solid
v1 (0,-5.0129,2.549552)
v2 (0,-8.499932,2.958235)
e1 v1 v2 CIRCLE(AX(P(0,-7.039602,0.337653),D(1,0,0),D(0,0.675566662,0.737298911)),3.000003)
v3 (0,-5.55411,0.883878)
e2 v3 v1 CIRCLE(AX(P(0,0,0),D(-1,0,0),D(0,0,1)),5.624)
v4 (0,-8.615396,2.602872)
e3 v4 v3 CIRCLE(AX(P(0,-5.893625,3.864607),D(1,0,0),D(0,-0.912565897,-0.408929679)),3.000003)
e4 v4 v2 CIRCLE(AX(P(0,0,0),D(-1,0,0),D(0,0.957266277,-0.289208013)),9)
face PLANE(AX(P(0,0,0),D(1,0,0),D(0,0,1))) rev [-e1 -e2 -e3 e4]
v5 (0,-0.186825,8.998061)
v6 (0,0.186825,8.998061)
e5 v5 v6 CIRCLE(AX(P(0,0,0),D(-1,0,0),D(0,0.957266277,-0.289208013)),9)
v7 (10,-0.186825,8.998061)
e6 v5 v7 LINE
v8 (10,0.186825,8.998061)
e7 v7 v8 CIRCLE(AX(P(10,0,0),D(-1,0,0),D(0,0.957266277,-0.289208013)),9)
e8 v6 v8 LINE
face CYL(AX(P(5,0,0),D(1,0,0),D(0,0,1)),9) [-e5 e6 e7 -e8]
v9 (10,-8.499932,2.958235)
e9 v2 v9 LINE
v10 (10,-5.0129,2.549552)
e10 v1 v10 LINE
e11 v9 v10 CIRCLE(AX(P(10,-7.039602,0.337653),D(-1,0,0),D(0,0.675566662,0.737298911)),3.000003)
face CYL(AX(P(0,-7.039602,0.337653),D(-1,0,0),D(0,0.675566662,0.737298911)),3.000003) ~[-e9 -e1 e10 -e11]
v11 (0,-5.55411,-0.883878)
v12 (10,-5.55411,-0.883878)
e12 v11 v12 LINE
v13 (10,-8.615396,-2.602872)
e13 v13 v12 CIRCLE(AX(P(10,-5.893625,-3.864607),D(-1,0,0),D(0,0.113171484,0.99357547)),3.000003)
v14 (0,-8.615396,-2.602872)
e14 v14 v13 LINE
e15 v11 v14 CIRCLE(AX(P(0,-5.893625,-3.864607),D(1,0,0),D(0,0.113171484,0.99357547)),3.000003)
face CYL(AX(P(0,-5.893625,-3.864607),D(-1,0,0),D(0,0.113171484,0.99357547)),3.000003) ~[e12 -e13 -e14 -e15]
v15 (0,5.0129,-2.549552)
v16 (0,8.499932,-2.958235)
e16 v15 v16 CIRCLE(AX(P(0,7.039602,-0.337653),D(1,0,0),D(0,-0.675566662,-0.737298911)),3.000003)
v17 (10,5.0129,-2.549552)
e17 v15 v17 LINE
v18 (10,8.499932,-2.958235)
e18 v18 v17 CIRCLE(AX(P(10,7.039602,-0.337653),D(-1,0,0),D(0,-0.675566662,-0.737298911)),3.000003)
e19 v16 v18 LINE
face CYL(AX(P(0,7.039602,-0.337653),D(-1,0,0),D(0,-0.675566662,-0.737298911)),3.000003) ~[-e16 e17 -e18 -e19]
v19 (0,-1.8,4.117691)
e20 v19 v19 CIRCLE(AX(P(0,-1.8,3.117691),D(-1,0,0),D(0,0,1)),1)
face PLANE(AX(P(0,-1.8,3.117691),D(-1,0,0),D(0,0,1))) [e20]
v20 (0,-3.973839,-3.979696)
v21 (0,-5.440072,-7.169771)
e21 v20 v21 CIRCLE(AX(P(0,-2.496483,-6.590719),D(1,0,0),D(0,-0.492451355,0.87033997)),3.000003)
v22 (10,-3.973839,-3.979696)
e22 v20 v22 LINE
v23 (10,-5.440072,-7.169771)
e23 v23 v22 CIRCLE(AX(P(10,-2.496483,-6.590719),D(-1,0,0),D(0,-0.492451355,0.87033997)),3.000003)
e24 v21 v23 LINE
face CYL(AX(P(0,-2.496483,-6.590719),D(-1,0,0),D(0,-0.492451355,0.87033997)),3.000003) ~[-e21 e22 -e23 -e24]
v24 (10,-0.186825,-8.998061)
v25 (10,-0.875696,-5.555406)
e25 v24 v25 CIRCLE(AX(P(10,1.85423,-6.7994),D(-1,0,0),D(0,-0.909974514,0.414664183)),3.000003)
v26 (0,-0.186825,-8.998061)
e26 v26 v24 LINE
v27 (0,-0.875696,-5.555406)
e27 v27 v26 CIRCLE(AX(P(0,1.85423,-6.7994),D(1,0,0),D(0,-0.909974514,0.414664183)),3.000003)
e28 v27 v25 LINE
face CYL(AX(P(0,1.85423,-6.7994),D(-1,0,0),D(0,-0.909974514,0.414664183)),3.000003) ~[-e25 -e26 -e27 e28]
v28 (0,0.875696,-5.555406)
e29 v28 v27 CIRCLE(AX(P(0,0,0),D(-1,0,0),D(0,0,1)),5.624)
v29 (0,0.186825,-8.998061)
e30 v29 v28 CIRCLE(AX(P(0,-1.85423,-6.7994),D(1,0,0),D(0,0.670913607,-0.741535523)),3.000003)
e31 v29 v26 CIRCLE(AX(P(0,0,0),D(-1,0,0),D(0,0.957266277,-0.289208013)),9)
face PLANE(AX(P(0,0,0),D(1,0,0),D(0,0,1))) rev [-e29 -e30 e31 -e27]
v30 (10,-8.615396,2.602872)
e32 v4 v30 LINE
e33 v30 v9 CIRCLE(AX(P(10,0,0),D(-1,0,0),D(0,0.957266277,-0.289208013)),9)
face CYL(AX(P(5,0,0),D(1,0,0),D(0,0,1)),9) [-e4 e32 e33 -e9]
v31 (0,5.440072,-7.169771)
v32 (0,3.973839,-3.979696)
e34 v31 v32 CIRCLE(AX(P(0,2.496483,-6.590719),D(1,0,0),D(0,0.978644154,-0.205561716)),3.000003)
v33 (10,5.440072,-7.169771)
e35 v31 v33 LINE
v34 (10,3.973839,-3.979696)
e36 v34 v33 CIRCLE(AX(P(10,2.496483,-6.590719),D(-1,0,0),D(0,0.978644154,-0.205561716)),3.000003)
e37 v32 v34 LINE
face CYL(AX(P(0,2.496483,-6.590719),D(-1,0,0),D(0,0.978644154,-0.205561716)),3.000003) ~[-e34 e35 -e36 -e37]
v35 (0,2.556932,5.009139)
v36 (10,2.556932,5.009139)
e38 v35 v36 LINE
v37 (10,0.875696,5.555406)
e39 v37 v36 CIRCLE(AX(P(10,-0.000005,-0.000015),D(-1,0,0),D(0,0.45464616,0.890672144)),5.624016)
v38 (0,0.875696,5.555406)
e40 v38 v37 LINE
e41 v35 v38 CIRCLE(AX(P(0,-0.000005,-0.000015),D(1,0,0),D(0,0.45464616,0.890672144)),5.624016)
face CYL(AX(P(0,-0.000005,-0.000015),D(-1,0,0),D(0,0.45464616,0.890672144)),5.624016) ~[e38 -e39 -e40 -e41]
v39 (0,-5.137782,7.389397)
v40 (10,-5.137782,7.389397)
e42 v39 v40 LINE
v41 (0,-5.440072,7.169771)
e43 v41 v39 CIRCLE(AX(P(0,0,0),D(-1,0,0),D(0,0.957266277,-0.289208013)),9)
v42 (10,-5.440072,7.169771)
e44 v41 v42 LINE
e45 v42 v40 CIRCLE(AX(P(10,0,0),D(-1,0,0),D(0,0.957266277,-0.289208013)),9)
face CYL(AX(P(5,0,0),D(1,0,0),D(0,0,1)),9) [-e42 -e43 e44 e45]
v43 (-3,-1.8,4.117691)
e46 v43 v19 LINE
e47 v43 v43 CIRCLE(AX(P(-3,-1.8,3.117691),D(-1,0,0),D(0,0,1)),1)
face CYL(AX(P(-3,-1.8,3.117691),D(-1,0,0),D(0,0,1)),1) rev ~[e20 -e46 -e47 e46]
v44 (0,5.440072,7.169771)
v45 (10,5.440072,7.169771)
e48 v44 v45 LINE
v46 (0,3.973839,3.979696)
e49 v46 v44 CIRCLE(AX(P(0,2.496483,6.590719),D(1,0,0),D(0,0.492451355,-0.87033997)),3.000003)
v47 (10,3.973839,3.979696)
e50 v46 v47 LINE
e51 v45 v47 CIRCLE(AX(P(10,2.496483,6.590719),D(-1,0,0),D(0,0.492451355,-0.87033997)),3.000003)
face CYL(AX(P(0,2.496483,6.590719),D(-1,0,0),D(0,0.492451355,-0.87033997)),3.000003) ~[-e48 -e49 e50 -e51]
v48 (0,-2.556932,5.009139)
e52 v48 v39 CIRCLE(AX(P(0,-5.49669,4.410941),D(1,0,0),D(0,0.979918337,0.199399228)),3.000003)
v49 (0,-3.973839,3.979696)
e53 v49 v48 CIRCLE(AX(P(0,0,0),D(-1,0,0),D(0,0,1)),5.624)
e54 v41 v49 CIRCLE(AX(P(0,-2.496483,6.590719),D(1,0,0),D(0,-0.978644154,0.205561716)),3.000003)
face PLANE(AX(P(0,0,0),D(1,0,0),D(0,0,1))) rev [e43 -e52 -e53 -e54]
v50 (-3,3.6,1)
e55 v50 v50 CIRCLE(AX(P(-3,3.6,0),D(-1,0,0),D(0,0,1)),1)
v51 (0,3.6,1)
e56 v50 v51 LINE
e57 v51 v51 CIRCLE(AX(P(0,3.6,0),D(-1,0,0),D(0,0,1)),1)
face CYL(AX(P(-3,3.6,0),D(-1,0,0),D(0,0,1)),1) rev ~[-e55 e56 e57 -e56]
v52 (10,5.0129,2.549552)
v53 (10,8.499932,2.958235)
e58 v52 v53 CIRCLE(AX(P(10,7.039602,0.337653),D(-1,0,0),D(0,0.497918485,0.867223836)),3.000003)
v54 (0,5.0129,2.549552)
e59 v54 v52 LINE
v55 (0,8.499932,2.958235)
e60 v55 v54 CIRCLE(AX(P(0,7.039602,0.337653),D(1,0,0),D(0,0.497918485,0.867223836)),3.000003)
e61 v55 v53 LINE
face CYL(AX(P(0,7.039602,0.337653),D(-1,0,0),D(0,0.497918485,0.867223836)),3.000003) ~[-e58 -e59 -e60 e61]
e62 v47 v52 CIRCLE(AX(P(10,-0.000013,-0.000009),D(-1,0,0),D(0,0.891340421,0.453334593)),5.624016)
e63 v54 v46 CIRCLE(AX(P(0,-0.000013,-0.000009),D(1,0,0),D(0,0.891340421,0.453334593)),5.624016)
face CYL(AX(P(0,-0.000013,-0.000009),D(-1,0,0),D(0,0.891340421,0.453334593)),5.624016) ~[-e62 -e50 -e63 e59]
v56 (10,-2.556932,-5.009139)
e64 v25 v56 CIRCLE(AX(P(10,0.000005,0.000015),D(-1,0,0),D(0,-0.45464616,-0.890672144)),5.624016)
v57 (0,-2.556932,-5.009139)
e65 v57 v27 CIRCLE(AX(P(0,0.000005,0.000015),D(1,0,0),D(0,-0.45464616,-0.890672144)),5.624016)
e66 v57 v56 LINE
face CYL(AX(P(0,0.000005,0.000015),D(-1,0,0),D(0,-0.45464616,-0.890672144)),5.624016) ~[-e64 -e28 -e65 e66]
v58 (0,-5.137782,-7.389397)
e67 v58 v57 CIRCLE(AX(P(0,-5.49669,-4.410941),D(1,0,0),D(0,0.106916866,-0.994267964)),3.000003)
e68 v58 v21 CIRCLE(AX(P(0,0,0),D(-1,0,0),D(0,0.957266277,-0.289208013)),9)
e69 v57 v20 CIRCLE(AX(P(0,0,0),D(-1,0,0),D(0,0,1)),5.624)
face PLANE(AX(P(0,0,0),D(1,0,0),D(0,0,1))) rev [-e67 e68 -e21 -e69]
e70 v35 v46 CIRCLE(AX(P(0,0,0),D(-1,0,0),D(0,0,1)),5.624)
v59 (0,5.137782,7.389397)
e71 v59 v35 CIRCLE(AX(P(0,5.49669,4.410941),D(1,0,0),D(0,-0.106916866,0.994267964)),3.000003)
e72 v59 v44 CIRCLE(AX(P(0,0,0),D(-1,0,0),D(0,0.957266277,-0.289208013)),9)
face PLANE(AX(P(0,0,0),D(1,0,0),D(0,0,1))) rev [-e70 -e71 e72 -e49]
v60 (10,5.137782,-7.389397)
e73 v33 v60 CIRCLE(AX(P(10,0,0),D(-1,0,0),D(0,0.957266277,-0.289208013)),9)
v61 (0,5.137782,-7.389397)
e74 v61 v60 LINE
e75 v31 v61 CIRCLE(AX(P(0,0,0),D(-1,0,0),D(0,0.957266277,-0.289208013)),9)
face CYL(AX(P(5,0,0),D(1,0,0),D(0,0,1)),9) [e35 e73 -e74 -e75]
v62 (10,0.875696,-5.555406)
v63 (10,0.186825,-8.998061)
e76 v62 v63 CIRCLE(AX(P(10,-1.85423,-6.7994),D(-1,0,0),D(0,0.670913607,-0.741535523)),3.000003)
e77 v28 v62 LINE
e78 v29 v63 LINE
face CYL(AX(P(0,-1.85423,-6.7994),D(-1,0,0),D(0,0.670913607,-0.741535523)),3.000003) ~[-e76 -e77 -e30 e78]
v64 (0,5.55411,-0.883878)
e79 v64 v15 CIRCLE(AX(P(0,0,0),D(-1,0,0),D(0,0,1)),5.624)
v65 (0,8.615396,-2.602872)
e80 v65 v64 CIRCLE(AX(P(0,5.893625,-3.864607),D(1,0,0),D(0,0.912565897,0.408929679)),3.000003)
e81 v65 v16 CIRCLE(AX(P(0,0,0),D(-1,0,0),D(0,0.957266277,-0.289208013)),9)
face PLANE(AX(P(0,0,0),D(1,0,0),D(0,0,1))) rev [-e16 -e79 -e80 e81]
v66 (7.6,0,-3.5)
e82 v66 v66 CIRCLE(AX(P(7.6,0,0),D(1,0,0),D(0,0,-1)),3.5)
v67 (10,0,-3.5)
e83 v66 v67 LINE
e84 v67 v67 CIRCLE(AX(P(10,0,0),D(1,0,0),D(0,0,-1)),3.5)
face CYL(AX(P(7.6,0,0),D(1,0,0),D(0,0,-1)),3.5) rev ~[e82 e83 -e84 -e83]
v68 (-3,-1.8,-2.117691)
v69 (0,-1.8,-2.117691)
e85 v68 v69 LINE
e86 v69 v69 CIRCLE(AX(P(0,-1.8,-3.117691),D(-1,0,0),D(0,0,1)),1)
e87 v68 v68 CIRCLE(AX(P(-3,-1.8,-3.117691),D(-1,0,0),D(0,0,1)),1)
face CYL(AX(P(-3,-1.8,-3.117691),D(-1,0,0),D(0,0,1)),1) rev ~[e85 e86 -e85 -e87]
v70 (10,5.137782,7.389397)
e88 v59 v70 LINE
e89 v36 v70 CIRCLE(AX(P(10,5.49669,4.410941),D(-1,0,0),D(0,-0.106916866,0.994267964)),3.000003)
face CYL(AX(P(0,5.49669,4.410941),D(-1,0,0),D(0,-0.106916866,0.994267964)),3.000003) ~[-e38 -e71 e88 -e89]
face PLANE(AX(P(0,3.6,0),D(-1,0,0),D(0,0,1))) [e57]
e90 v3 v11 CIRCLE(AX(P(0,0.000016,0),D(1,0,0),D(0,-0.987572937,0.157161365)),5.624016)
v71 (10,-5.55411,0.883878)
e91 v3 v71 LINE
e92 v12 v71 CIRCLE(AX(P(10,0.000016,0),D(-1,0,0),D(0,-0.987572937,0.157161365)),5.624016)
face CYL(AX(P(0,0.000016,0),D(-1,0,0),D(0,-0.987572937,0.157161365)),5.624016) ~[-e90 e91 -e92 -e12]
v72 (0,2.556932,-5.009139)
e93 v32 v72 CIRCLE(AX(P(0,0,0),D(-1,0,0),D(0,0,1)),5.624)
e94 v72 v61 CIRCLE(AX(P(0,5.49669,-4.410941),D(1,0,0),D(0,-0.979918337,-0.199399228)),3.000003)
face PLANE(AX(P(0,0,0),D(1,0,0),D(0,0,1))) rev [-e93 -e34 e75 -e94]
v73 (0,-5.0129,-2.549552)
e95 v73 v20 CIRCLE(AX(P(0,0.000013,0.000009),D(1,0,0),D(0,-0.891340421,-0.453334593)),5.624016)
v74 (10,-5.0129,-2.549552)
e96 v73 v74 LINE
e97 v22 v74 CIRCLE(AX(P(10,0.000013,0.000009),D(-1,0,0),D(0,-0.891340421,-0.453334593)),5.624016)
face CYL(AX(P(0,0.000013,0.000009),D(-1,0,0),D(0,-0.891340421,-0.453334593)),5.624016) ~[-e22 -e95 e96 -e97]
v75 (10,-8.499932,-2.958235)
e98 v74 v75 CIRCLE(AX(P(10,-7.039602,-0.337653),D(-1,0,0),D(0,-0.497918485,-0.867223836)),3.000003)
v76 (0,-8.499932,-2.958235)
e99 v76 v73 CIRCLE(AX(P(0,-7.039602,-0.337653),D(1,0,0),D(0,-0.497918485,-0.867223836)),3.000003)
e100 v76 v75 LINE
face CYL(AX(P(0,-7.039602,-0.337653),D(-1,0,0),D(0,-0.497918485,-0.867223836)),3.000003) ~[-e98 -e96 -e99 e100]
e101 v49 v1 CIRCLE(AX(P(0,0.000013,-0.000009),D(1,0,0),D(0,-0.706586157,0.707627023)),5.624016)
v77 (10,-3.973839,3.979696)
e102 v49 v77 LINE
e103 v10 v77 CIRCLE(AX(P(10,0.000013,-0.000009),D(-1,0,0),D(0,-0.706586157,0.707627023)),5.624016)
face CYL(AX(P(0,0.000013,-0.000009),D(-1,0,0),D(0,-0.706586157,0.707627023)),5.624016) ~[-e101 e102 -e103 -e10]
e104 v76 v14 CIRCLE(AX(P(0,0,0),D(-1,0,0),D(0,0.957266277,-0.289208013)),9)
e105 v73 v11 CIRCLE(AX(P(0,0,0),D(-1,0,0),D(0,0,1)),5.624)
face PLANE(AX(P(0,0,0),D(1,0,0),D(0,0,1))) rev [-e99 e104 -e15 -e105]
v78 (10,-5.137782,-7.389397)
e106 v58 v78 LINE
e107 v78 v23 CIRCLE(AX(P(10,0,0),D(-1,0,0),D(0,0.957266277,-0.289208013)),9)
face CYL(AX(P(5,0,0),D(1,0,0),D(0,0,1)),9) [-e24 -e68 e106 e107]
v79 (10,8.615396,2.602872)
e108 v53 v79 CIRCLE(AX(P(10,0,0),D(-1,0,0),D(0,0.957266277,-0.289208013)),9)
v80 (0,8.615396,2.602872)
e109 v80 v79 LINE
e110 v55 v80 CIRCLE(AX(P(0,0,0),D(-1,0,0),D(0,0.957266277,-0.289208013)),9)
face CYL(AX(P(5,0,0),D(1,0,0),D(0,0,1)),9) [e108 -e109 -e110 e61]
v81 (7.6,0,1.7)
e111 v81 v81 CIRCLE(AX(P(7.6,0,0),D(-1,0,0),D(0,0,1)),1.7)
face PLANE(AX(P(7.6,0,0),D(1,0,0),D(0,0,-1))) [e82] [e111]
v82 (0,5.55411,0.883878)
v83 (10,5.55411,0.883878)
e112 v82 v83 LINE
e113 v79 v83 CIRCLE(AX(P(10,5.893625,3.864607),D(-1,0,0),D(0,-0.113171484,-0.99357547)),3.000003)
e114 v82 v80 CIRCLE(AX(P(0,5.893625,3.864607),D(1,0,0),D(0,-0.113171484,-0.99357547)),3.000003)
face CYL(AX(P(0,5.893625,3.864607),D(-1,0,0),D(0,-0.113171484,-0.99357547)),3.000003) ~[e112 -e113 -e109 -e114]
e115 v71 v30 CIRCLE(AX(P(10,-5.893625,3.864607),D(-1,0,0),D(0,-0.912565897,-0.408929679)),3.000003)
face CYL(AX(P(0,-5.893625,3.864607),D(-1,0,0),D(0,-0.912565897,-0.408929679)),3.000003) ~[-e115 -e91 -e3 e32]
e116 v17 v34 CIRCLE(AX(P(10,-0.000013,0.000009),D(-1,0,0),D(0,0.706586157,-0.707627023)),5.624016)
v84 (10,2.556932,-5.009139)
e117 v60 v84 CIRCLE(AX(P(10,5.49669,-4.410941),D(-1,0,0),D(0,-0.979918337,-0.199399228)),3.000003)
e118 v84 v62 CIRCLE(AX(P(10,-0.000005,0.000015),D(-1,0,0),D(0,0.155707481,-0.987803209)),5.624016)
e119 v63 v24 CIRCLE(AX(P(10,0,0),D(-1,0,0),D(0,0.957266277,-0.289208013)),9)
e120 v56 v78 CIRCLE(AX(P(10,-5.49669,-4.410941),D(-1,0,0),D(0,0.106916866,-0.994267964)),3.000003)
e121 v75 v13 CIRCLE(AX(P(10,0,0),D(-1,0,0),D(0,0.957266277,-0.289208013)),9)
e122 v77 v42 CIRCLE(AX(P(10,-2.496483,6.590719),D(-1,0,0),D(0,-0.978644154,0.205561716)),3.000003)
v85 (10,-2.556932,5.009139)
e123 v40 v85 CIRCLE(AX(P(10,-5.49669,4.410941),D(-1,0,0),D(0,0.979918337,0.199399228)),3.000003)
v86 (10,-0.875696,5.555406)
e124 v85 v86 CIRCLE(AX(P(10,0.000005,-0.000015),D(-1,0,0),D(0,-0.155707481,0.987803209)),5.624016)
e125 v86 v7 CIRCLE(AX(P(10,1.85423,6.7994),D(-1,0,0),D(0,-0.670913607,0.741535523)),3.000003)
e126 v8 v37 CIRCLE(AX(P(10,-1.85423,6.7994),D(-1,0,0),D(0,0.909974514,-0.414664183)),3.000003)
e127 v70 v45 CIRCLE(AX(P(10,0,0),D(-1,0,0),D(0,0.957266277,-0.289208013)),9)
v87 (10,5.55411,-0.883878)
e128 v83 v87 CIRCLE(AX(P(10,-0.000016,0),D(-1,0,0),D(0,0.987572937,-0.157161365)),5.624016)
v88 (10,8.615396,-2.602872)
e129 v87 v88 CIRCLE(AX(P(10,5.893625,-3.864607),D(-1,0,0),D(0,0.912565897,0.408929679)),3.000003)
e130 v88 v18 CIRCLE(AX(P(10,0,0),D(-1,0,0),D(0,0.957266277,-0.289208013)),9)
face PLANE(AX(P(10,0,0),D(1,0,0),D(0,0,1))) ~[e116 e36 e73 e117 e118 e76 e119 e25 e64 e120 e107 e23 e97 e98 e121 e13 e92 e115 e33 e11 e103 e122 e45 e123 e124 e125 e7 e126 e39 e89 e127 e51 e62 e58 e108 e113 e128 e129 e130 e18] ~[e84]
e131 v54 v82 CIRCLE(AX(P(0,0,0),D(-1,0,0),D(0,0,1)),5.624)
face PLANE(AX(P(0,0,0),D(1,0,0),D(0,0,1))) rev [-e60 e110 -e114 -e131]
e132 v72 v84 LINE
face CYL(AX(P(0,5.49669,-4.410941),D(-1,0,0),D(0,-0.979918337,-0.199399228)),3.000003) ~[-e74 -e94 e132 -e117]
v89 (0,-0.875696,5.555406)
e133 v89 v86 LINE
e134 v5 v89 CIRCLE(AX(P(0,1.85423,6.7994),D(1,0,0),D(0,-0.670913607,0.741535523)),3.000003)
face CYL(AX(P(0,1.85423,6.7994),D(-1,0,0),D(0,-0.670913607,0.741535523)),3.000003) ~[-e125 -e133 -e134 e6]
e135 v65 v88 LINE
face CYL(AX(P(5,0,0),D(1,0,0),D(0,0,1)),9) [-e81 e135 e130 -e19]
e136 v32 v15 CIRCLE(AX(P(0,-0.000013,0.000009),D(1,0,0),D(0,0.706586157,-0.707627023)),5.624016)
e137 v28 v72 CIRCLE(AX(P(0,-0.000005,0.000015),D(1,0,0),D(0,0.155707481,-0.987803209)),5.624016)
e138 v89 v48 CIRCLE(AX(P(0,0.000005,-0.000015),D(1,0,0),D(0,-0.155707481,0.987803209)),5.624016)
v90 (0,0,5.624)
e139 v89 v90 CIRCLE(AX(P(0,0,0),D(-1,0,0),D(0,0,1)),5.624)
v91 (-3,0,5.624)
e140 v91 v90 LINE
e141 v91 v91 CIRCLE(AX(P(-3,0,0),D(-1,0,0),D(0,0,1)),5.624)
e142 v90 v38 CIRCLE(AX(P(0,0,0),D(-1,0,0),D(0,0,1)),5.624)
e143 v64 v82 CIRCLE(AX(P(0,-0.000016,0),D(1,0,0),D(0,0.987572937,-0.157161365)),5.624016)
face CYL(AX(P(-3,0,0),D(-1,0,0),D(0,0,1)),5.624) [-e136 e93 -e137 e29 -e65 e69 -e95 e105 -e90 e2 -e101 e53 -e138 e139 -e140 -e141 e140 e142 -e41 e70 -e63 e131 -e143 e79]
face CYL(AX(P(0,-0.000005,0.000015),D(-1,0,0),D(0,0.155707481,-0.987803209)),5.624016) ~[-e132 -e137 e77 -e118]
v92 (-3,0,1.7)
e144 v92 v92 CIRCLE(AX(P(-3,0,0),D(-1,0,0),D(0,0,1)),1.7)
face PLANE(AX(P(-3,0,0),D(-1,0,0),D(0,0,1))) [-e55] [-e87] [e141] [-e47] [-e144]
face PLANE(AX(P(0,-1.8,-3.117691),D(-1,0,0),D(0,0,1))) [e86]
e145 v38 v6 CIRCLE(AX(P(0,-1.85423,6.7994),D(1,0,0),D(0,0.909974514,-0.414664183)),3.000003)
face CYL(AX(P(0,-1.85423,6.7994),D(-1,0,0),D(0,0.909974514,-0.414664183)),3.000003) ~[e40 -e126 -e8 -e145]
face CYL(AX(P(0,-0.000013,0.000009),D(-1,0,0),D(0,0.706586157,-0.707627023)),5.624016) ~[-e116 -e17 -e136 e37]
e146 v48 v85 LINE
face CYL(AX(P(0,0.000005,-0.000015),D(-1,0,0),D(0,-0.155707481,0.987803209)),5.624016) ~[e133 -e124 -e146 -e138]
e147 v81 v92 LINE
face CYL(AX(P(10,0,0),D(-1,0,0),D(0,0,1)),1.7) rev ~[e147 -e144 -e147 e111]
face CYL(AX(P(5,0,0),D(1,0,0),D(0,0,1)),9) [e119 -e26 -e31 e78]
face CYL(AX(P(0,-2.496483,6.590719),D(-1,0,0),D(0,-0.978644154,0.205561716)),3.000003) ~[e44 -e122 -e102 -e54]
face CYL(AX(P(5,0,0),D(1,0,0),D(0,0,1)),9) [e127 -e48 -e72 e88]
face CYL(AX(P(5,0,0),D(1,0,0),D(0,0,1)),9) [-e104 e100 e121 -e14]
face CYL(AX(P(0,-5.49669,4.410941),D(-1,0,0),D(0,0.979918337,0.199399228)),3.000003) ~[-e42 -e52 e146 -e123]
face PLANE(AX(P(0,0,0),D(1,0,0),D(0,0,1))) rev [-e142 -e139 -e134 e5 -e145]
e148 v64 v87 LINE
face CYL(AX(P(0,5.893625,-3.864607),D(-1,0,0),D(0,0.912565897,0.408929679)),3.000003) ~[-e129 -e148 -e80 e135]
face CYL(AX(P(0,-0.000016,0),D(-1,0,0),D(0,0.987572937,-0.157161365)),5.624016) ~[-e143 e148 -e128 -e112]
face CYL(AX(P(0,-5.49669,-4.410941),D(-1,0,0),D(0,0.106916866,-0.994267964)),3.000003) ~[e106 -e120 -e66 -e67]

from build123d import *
from build123d.topology import SkipClean

# Parameters (mm, degrees)
BASPROSKE_W                                          = 10
BASPROSKE_H                                          = 9
TOOTHCUT_DEPTH                                       = 17.186414
TEETHCUTS_COUNT                                      = 10
SALIENTE_EXTRUIR2_START                              = 3
CROQUIS2_R                                           = 5.624
SALIENTE_EXTRUIR2_DEPTH                              = 3
REFRENTADO_PARA_TORNILLO_CON_CABEZA_TRON_D           = 3.4
REFRENTADO_PARA_TORNILLO_CON_CABEZA_TRON_CBORE_D     = 7
REFRENTADO_PARA_TORNILLO_CON_CABEZA_TRON_CBORE_DEPTH = 2.4
CROQUIS5_R                                           = 1
CORTAR_EXTRUIR1_DEPTH                                = 3


with BuildPart() as part:
    # BasProSke → Base-Revolve (revolve)
    with BuildSketch(Plane(origin=(0, 0, 0), x_dir=(1, 0, 0), z_dir=(0, 1, 0)), mode=Mode.PRIVATE) as base_revolve_sk:
        with Locations((5, 4.5)):
            Rectangle(BASPROSKE_W, BASPROSKE_H)
    revolve(base_revolve_sk.sketch.rotate(Axis((-10, 0, 0), (1, 0, 0)), 180), axis=Axis((-10, 0, 0), (1, 0, 0)))

    # TooCutSke → ToothCut (cut, through all)
    with BuildSketch(Plane(origin=(0, 0, 0), x_dir=(0, 0, -1), z_dir=(1, 0, 0))):
        with BuildLine():
            ThreePointArc((0.883878, 5.55411), (0, 5.624), (-0.883878, 5.55411))
            ThreePointArc((-0.883878, 5.55411), (-1.258246, 7.379188), (-2.637817, 8.631325))
            ThreePointArc((-2.637817, 8.631325), (0, 9.0254), (2.637817, 8.631325))
            ThreePointArc((2.637817, 8.631325), (1.258246, 7.379188), (0.883878, 5.55411))
        make_face()
    toothcut = extrude(amount=TOOTHCUT_DEPTH, mode=Mode.SUBTRACT)

    # TeethCuts: ToothCut ×10 about axis
    teethcuts_axis = Axis((0, 0, 0), (1, 0, 0))
    for i in range(1, TEETHCUTS_COUNT):
        add(toothcut.rotate(teethcuts_axis, i * 360 / TEETHCUTS_COUNT), mode=Mode.SUBTRACT)

    # Croquis2 → Saliente-Extruir2 (add)
    with SkipClean():  # the faces are left unmerged after this step: merging them gives an invalid solid
        with BuildSketch(Plane.ZY.offset(SALIENTE_EXTRUIR2_START)):
            Circle(CROQUIS2_R)
        extrude(amount=-SALIENTE_EXTRUIR2_DEPTH)

    # Refrentado para tornillo con cabeza troncocónica de M31 (through all)
    with Locations(Plane(origin=(10, 0, 0), x_dir=(0, 0, -1), z_dir=(1, 0, 0))):
        with Locations((0, 0)):
            CounterBoreHole(REFRENTADO_PARA_TORNILLO_CON_CABEZA_TRON_D / 2, REFRENTADO_PARA_TORNILLO_CON_CABEZA_TRON_CBORE_D / 2, REFRENTADO_PARA_TORNILLO_CON_CABEZA_TRON_CBORE_DEPTH)

    # Croquis5 → Cortar-Extruir1 (cut)
    with SkipClean():  # the faces are left unmerged after this step: merging them gives an invalid solid
        with BuildSketch(Plane.ZY.offset(3)):
            with Locations((0, 3.6)):
                Circle(CROQUIS5_R)
            with Locations((3.117691, -1.8)):
                Circle(CROQUIS5_R)
            with Locations((-3.117691, -1.8)):
                Circle(CROQUIS5_R)
        extrude(amount=-CORTAR_EXTRUIR1_DEPTH, mode=Mode.SUBTRACT)


solid = part.part
